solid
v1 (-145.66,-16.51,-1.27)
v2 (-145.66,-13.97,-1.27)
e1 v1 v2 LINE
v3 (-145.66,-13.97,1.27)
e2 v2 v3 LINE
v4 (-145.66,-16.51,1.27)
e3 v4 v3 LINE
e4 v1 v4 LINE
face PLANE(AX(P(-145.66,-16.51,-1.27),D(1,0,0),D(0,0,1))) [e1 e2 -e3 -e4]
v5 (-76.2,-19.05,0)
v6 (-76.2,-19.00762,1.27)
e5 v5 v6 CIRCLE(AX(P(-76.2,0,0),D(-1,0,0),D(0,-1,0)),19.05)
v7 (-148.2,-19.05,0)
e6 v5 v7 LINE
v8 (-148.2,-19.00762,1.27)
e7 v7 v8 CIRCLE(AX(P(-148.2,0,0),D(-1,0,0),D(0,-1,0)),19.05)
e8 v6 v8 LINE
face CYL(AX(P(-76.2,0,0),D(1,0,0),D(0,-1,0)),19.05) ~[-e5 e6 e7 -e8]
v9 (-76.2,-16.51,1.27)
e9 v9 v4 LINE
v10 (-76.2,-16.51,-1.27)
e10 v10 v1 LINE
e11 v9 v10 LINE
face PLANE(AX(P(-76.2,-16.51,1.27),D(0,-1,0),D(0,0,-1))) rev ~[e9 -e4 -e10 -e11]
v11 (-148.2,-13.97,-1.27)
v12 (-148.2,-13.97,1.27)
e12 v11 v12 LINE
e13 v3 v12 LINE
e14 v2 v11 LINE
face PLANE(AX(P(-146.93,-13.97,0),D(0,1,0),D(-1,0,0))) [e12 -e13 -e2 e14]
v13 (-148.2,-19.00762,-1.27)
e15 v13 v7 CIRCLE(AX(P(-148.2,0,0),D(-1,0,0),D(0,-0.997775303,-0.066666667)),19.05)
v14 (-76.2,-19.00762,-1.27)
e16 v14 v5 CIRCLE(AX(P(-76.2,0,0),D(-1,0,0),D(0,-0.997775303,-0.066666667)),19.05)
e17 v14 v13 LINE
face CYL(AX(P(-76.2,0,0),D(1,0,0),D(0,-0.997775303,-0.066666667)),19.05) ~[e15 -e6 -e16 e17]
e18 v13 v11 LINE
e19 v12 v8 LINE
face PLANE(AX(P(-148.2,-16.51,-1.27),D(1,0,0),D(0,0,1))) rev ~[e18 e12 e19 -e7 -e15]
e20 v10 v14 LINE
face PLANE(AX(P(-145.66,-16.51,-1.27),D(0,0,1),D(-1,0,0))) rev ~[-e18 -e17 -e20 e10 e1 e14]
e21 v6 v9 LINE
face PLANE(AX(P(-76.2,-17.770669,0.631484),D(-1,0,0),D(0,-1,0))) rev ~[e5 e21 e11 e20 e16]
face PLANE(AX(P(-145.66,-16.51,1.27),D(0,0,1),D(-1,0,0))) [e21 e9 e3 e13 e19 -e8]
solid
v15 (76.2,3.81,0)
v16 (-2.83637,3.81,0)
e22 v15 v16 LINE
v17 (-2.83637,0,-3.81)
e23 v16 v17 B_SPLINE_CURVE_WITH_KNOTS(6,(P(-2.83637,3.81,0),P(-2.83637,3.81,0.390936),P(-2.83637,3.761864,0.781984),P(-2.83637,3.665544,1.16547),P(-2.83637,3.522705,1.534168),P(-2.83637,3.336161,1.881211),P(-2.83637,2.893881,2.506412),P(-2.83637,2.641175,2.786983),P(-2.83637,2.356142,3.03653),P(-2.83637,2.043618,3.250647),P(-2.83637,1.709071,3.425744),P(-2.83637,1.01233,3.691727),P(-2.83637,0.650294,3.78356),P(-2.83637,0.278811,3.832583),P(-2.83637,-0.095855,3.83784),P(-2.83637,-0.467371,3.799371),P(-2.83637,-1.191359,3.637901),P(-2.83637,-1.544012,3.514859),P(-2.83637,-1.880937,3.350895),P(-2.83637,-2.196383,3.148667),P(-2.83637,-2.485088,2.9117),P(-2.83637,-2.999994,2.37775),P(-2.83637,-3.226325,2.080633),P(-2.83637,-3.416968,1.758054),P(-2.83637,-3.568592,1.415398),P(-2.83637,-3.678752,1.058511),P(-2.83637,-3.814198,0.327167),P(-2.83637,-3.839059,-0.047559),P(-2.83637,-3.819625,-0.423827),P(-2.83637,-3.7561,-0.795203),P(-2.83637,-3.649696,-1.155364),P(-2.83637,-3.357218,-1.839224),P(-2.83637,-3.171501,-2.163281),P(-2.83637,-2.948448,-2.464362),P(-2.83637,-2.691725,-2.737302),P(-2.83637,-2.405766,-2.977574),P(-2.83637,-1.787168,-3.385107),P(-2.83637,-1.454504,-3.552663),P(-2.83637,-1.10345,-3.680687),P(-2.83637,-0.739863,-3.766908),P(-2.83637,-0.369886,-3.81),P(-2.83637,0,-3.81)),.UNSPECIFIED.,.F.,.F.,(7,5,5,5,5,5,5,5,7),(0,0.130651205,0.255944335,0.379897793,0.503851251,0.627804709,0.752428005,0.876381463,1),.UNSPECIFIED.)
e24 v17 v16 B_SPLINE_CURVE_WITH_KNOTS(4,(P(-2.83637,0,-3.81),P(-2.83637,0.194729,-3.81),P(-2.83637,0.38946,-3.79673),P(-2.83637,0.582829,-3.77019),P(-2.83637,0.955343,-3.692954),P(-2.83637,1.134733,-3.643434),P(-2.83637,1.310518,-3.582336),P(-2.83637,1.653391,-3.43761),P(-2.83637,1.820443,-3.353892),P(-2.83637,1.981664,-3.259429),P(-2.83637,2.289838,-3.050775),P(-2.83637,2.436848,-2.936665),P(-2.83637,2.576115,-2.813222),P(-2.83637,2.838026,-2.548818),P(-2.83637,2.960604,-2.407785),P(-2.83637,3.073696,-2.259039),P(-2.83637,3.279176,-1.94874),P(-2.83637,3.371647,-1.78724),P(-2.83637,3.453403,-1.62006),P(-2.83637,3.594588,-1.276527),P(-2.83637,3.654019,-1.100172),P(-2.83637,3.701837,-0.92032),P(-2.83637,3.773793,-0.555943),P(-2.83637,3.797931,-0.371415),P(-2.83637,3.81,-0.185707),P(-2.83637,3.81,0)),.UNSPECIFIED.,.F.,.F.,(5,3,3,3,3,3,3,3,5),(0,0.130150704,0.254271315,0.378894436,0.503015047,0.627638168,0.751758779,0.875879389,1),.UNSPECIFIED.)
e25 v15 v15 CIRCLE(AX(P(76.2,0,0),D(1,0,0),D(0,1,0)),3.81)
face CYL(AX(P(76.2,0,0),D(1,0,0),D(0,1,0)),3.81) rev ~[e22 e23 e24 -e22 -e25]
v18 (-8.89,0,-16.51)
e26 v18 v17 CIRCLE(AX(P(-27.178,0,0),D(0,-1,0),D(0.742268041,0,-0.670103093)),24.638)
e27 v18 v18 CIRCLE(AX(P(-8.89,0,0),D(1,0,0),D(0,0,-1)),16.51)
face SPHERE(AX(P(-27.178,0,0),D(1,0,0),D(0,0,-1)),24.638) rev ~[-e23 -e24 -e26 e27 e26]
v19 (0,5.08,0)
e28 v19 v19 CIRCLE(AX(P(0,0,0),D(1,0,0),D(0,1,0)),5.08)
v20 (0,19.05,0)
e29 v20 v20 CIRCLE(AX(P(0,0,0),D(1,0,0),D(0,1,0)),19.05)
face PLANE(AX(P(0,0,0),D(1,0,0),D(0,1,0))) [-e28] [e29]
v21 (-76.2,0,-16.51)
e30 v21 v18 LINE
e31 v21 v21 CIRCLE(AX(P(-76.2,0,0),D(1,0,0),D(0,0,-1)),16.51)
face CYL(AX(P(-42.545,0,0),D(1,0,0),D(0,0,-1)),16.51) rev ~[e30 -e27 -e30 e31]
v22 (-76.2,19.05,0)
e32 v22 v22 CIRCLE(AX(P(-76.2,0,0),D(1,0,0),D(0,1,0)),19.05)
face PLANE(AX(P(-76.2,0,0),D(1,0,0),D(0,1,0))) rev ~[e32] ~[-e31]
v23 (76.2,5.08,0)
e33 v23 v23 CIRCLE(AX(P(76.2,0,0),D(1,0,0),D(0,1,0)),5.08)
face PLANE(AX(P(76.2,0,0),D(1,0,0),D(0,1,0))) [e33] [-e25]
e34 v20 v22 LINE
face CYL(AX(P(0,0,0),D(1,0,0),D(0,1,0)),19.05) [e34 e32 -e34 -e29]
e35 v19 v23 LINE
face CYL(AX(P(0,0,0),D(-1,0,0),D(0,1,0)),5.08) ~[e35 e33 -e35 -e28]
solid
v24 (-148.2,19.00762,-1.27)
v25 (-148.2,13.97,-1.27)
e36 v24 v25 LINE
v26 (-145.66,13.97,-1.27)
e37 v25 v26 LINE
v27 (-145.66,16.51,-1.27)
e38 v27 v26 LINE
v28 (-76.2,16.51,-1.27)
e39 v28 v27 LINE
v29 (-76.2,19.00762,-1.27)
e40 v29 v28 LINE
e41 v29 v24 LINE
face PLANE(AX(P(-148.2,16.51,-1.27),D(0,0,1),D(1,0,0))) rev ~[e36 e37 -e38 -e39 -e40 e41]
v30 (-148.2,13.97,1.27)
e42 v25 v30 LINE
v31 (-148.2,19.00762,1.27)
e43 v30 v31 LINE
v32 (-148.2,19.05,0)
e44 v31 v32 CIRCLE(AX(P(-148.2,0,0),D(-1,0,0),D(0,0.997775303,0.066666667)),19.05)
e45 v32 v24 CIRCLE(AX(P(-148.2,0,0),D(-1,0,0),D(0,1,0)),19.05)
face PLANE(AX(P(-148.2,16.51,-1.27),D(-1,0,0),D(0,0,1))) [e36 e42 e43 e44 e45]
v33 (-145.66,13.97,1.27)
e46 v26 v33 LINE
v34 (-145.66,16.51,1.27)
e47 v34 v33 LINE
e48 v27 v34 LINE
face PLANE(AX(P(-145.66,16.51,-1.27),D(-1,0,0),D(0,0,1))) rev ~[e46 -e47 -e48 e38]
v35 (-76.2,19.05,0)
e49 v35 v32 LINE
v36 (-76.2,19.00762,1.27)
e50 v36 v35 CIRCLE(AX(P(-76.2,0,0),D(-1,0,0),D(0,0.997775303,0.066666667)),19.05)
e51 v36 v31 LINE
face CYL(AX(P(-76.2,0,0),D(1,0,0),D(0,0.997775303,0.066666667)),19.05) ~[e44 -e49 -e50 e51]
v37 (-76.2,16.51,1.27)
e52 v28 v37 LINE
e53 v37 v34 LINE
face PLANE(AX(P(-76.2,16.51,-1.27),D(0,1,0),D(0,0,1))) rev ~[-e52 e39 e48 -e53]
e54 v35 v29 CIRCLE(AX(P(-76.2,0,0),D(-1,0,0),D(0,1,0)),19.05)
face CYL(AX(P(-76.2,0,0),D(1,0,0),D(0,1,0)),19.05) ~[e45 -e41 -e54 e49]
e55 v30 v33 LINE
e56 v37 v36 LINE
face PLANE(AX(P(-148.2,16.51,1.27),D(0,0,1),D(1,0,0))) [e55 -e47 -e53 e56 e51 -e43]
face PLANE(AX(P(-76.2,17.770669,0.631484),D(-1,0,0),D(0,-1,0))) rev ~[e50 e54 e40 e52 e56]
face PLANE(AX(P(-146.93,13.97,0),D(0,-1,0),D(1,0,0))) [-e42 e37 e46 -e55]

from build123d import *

# Parameters (mm, degrees)
F0_R      = 19.05
F1_DEPTH  = 76.2
F2_R      = 5.08
F3_DEPTH  = 76.2
F4_R      = 3.81
F5_DEPTH  = 88.9
F6_W      = 67.31
F6_H      = 16.51
F9_DEPTH  = 72
F10_W     = 2.54
F10_H     = 2.54
F11_DEPTH = 2.54
F12_W     = 2.54
F12_H     = 2.54
F13_DEPTH = 2.54


with BuildPart() as f1:
    # F0 (on Right) → F1 (new body)
    with BuildSketch(Plane.YZ):
        Circle(F0_R)
    extrude(amount=-F1_DEPTH)

    # F2 (on face) → F3 (join)
    with BuildSketch(Plane.YZ):
        Circle(F2_R)
    extrude(amount=F3_DEPTH)

    # F4 (on face) → F5 (cut)
    with BuildSketch(Plane.YZ.offset(76.2)):
        Circle(F4_R)
    extrude(amount=-F5_DEPTH, mode=Mode.SUBTRACT)

    # F6 (on Front) → F7 (revolve, cut)
    with BuildSketch(Plane.XZ):
        with Locations((-42.545, -8.255)):
            Rectangle(F6_W, F6_H)
        with BuildLine():
            Line((-2.54, 0), (-8.89, 0))
            Line((-8.89, 0), (-8.89, -16.51))
            ThreePointArc((-8.89, -16.51), (-4.1822309544, -8.844526556), (-2.54, 0))
        make_face()
    revolve(axis=Axis((-39.37, 0, 0), (1, 0, 0)), mode=Mode.SUBTRACT)


with BuildPart() as f9:
    # F8 (on face) → F9 (new body)
    with BuildSketch(Plane(origin=(-76.2, 0, 0), x_dir=(0, -1, 0), z_dir=(-1, 0, 0))):
        with BuildLine():
            Line((-16.51, 1.27), (-19.0076195248, 1.27))
            ThreePointArc((-19.0076195248, 1.27), (-19.0394019332, 0.6353534655), (-19.05, 0))
            Line((-19.05, 0), (-16.51, 0))
            Line((-16.51, 0), (-16.51, 1.27))
        make_face()
        with BuildLine():
            ThreePointArc((-19.05, 0), (-19.0394019332, -0.6353534655), (-19.0076195248, -1.27))
            Line((-19.0076195248, -1.27), (-16.51, -1.27))
            Line((-16.51, -1.27), (-16.51, 0))
            Line((-16.51, 0), (-19.05, 0))
        make_face()
    extrude(amount=F9_DEPTH)

    # F12 (on face) → F13 (join)
    with BuildSketch(Plane.XZ.offset(-16.51)):
        with Locations((-146.93, 0)):
            Rectangle(F12_W, F12_H)
    extrude(amount=F13_DEPTH)


with BuildPart() as f9b:
    # F8 (on face) → F9, piece 2 (new body)
    with BuildSketch(Plane(origin=(-76.2, 0, 0), x_dir=(0, -1, 0), z_dir=(-1, 0, 0))):
        with BuildLine():
            Line((16.51, 0), (19.05, 0))
            ThreePointArc((19.05, 0), (19.0394019332, 0.6353534655), (19.0076195248, 1.27))
            Line((19.0076195248, 1.27), (16.51, 1.27))
            Line((16.51, 1.27), (16.51, 0))
        make_face()
        with BuildLine():
            ThreePointArc((19.0076195248, -1.27), (19.0394019332, -0.6353534655), (19.05, 0))
            Line((19.05, 0), (16.51, 0))
            Line((16.51, 0), (16.51, -1.27))
            Line((16.51, -1.27), (19.0076195248, -1.27))
        make_face()
    extrude(amount=F9_DEPTH)

    # F10 (on face) → F11 (join)
    with BuildSketch(Plane(origin=(0, -16.51, 0), x_dir=(-1, 0, 0), z_dir=(0, 1, 0))):
        with Locations((146.93, 0)):
            Rectangle(F10_W, F10_H)
    extrude(amount=F11_DEPTH)


solid = Compound([f1.part, f9.part, f9b.part])
